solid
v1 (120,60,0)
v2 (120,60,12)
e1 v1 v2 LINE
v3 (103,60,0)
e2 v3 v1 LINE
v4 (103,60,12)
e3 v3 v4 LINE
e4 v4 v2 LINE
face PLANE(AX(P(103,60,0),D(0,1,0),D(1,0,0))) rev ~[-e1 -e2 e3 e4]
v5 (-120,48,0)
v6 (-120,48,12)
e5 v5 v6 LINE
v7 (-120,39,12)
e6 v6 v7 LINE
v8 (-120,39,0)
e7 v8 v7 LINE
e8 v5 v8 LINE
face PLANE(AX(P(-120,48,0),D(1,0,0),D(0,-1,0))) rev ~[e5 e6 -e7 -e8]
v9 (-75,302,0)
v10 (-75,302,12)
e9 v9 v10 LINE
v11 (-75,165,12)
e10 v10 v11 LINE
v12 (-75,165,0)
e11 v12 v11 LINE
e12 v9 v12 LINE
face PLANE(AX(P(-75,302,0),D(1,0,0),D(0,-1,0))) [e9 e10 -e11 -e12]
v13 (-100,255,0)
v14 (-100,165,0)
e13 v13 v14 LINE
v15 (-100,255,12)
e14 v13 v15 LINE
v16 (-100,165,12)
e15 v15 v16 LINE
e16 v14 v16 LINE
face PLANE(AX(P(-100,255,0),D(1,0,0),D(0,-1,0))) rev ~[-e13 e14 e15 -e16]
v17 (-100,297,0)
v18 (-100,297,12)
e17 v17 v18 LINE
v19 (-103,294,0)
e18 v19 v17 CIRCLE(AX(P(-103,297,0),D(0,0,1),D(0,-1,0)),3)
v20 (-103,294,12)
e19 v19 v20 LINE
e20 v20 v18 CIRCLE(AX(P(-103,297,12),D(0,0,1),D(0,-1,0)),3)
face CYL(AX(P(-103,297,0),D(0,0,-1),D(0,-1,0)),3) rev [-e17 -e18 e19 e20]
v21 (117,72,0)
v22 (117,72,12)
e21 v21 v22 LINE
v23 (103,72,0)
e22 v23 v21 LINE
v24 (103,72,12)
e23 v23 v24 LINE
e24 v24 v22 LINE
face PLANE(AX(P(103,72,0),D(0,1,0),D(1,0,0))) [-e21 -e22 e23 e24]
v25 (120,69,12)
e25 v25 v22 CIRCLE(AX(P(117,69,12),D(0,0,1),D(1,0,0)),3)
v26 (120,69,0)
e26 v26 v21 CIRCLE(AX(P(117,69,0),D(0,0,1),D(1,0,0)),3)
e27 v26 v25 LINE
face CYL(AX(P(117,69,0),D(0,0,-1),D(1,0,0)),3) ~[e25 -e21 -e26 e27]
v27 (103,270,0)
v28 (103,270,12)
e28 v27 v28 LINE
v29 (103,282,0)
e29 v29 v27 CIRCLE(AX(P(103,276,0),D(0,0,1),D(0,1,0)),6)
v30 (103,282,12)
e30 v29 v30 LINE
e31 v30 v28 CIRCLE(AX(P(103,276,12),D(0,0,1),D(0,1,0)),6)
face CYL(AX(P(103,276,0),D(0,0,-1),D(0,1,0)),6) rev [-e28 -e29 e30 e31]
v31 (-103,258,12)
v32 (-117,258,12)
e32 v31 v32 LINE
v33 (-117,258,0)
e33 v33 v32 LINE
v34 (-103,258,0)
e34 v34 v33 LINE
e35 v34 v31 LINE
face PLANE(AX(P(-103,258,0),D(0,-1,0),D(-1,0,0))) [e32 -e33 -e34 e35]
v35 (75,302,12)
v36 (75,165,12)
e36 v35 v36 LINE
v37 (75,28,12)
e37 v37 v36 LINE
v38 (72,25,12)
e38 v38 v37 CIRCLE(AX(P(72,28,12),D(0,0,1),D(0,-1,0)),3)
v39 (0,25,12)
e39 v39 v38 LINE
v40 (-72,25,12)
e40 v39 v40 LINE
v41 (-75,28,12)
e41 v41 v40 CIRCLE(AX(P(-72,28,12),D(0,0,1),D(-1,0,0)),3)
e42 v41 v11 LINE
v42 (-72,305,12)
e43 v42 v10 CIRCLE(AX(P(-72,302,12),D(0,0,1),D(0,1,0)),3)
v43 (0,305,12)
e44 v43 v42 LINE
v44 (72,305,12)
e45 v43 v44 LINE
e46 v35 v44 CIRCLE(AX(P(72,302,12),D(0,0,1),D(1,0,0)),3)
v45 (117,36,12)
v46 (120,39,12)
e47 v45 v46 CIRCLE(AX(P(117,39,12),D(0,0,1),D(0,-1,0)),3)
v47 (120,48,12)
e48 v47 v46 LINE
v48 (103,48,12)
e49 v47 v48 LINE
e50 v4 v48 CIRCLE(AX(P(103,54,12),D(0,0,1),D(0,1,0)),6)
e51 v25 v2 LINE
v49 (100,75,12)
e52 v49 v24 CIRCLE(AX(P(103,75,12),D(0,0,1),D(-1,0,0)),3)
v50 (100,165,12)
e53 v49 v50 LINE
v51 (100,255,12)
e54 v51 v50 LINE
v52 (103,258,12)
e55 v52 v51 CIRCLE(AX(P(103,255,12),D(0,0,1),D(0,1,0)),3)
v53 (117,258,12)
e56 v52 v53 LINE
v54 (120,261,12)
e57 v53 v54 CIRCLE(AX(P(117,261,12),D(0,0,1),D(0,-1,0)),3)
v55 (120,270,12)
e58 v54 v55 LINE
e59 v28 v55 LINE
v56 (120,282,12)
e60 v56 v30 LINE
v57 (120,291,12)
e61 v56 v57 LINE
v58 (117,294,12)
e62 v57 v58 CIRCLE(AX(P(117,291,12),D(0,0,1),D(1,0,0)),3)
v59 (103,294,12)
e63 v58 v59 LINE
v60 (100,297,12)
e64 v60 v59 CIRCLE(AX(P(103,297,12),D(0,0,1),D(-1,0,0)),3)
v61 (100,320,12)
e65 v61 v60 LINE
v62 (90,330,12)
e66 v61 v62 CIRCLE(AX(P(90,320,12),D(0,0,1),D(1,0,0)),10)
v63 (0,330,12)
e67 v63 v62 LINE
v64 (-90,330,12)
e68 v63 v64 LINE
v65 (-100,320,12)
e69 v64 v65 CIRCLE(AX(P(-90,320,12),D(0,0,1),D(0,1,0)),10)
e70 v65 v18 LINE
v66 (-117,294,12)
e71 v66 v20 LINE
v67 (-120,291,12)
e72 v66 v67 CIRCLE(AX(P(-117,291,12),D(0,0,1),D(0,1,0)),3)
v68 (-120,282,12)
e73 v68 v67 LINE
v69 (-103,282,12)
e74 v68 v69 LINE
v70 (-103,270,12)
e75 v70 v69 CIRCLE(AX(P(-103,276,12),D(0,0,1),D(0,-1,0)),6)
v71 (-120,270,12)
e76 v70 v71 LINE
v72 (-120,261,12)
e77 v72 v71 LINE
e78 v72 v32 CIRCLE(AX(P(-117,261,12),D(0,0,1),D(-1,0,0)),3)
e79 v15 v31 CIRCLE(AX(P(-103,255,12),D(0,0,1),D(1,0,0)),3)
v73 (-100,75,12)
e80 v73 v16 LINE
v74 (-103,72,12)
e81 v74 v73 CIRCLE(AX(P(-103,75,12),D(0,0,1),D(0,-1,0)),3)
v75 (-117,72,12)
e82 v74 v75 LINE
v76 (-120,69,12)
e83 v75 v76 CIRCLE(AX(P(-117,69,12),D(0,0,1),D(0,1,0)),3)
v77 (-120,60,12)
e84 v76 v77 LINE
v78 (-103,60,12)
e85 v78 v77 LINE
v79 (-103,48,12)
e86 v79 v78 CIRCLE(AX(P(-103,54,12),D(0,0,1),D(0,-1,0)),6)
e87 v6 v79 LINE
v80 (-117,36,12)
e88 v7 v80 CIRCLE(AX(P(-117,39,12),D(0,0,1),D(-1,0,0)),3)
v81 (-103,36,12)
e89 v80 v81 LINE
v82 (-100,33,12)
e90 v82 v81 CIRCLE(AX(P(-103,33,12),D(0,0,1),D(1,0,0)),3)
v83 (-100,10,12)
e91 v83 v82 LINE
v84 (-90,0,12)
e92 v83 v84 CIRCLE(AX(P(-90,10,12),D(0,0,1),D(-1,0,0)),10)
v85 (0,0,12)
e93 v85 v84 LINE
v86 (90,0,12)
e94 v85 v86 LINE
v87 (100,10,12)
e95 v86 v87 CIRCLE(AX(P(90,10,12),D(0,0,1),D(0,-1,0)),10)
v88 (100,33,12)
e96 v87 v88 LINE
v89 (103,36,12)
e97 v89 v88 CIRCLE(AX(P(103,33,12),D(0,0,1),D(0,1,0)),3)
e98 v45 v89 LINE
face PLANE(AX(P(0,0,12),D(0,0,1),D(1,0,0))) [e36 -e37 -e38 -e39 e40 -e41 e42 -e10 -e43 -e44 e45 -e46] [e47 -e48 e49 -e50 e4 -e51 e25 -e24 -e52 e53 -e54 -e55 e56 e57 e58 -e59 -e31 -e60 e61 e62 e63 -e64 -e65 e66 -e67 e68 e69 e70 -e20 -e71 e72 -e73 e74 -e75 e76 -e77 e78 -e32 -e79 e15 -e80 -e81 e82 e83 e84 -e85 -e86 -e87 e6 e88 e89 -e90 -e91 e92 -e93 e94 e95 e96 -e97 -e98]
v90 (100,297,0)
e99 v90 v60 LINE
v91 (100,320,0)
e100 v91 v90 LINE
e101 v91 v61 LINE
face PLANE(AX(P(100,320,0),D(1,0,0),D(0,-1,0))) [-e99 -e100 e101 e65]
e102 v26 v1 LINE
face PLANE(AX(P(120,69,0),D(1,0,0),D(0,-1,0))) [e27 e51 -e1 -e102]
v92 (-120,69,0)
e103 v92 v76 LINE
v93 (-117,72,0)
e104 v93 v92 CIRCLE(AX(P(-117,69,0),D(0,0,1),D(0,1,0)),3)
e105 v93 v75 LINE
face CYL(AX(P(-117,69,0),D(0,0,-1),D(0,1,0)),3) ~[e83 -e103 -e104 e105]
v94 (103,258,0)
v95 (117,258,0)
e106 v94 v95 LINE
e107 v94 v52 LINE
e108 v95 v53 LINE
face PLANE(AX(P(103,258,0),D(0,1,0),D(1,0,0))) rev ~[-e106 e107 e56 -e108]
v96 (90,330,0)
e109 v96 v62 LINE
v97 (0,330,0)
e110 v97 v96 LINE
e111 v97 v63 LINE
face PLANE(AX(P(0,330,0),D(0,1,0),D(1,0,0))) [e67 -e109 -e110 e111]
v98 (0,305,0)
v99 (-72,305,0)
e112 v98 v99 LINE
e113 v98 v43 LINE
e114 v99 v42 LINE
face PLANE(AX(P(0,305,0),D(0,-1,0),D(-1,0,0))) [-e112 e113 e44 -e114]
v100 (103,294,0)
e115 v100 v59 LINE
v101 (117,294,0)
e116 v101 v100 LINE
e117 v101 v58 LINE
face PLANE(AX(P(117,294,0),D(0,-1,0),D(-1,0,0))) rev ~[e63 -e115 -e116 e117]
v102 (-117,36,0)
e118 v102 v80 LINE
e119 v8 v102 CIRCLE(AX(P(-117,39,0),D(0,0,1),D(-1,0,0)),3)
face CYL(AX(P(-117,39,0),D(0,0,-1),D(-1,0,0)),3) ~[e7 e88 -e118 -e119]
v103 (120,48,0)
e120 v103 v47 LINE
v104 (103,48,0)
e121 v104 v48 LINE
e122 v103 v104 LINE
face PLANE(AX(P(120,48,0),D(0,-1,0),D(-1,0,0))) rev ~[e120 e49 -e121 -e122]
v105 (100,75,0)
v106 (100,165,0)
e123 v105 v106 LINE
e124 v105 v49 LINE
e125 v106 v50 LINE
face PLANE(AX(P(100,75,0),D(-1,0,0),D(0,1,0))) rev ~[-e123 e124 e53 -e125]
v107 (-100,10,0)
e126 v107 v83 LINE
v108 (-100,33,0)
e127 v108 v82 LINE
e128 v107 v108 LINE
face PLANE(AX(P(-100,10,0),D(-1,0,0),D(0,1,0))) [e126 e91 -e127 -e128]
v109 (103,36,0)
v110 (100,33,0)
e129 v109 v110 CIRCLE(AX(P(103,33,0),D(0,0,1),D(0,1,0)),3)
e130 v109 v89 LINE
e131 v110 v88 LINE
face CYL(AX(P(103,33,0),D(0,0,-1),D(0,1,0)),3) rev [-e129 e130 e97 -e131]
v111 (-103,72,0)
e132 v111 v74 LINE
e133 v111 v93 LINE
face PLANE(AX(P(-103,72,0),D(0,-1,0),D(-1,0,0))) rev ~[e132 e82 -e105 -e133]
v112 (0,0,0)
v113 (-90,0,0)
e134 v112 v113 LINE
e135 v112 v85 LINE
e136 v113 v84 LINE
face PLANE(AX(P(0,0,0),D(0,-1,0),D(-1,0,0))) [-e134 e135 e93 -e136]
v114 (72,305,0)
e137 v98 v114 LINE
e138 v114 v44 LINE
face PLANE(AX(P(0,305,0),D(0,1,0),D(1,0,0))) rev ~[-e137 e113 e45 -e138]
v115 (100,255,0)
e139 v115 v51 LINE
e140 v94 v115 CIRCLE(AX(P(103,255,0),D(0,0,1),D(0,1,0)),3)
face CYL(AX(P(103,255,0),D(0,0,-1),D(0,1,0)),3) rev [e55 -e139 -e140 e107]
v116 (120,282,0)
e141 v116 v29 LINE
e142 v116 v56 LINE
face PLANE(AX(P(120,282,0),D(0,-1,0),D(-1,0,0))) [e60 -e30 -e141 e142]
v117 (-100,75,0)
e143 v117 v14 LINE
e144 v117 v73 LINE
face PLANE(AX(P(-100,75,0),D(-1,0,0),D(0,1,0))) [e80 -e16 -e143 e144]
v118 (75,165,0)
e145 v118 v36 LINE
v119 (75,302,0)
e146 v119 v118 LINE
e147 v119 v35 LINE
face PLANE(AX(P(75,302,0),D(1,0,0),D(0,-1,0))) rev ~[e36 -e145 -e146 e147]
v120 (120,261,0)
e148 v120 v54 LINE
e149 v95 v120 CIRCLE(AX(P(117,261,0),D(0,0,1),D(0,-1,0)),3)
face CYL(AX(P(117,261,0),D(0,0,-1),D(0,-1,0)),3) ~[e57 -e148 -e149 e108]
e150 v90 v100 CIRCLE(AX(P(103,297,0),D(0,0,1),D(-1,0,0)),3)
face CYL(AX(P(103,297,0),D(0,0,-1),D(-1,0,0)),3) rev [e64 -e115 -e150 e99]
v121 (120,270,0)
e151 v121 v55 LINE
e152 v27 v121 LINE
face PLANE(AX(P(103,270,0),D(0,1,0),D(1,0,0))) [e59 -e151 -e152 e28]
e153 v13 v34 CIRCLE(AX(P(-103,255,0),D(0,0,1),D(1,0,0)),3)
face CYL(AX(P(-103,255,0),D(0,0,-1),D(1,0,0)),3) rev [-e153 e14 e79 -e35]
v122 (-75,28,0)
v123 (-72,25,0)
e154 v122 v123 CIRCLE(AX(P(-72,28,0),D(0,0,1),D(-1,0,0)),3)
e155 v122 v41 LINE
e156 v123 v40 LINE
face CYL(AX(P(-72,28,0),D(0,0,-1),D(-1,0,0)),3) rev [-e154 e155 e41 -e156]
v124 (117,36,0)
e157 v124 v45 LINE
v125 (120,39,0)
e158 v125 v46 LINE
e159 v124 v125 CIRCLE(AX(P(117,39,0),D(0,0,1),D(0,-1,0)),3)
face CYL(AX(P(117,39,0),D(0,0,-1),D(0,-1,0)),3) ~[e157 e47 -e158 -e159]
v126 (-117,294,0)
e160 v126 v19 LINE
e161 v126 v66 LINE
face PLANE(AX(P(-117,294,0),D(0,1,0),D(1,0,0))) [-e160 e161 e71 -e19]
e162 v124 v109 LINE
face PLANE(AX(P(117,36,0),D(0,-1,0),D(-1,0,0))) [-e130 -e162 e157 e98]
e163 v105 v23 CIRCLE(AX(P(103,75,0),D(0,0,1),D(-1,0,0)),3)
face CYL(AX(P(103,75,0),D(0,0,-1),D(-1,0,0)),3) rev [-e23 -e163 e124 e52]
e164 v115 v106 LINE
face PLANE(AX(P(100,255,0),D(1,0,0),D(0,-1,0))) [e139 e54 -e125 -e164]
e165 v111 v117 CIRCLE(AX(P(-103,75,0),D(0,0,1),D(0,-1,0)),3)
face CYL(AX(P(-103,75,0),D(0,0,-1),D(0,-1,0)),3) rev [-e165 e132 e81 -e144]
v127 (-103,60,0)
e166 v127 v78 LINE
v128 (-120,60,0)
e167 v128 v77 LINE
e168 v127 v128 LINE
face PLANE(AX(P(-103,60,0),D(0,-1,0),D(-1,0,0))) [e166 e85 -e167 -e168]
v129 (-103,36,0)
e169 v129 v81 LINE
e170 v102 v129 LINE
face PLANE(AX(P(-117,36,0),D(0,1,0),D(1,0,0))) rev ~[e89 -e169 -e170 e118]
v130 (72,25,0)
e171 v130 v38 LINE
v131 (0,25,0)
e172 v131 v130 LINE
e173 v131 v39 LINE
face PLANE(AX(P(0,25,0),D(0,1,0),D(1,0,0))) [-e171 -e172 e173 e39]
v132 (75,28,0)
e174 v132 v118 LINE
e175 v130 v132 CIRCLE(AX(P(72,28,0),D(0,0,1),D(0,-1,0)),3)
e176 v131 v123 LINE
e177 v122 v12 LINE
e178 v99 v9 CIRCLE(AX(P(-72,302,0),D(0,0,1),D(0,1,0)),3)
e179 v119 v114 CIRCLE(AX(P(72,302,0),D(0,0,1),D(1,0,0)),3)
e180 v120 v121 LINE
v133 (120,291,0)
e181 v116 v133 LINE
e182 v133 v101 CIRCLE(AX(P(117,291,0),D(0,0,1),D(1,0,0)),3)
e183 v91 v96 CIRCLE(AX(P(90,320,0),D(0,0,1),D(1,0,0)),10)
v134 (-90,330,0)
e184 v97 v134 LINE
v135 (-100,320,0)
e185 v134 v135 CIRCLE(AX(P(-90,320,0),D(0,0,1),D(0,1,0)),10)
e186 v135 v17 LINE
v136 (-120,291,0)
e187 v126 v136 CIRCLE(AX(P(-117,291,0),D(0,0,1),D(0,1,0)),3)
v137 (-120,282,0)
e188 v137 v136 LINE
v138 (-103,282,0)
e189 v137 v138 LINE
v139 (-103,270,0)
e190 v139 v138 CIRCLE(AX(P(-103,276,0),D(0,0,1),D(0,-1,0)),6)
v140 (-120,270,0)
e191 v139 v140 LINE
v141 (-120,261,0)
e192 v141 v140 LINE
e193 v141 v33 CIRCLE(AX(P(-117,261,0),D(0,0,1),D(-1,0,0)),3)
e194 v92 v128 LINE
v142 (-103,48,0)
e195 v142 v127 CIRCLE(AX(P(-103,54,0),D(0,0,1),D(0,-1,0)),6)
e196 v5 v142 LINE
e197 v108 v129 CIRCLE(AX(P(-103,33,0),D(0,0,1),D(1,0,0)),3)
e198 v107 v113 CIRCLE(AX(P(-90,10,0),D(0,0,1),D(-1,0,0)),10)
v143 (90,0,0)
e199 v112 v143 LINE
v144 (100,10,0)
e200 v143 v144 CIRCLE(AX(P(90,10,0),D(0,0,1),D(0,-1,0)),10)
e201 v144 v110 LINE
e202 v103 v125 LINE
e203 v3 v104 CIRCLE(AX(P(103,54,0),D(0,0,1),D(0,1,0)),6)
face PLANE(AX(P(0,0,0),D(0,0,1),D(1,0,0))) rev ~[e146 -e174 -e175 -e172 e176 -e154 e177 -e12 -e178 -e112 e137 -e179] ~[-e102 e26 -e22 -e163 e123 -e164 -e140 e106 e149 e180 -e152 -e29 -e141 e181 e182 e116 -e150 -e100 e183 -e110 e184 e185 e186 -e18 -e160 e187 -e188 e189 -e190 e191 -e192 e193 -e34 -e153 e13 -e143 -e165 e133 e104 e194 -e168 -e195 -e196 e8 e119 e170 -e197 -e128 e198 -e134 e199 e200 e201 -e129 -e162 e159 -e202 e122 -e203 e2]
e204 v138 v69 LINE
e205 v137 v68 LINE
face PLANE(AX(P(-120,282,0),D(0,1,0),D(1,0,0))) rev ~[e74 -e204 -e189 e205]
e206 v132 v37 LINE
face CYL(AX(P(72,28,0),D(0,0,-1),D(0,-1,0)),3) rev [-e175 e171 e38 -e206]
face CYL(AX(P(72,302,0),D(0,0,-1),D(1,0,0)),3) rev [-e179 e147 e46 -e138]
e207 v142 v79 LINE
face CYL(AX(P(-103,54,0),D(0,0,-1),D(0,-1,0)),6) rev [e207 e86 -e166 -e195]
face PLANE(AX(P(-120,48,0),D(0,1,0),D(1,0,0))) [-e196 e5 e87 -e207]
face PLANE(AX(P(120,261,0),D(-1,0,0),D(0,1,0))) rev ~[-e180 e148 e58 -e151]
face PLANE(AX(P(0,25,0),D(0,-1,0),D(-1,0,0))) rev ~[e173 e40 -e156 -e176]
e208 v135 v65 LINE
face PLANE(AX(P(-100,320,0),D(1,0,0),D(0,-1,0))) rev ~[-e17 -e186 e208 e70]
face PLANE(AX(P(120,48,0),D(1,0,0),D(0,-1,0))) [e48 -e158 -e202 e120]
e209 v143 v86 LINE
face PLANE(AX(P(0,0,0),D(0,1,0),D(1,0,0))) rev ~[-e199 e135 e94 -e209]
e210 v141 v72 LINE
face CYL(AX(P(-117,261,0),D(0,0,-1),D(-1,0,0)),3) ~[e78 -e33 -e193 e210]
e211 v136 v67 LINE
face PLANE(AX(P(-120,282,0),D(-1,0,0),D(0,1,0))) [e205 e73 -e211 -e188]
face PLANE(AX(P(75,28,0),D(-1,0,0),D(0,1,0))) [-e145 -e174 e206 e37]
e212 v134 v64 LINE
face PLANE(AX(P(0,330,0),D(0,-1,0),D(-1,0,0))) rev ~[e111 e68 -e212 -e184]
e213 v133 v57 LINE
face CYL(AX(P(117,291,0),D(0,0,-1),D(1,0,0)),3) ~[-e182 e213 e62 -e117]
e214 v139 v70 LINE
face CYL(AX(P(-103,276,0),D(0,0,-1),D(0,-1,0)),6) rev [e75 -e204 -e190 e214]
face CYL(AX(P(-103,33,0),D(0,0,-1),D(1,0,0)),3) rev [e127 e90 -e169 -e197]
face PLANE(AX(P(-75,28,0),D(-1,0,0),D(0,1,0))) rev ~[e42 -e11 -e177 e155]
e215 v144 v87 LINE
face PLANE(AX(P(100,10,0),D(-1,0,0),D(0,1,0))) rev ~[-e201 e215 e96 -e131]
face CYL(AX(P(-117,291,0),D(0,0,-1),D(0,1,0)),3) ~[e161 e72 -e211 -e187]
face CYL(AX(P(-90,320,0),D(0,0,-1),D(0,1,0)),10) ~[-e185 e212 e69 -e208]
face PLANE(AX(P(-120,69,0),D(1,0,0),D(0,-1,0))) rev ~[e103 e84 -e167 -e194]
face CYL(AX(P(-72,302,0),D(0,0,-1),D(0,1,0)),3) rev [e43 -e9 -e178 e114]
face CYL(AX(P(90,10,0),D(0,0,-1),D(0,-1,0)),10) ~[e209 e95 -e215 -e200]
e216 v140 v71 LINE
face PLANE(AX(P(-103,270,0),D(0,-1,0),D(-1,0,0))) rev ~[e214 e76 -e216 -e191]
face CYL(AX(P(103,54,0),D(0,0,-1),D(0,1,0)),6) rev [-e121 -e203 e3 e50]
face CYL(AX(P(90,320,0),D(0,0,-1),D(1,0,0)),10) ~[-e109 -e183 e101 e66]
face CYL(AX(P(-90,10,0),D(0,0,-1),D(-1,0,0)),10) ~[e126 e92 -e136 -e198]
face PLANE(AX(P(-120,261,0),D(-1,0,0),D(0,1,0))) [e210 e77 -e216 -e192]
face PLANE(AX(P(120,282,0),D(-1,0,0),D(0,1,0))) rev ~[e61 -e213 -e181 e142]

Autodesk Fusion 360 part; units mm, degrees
sketch "Sketch1" plane through (0, 0, 0) normal (0, 0, 1) x (1, 0, 0)
  line L0 (0, 0) -> (-90, 0)
  line L1 (0, 25) -> (-72, 25)
  line L2 (-75, 28) -> (-75, 165)
  arc A0 (-75, 28) -> (-72, 25) centre (-72, 28) ccw
  arc A1 (-100, 10) -> (-90, 0) centre (-90, 10) ccw
  line L3 (-103, 72) -> (-117, 72)
  line L4 (-120, 69) -> (-120, 39)
  line L5 (-117, 36) -> (-103, 36)
  line L6 (-120, 54) -> (-100, 54) construction
  line L7 (-103, 60) -> (-120, 60)
  line L8 (-120, 60) -> (-120, 48)
  line L9 (-120, 48) -> (-103, 48)
  arc A2 (-103, 48) -> (-103, 60) centre (-103, 54) ccw
  line L10 (-100, 10) -> (-100, 33)
  line L11 (-100, 75) -> (-100, 165)
  arc A3 (-117, 72) -> (-120, 69) centre (-117, 69) ccw
  arc A4 (-120, 39) -> (-117, 36) centre (-117, 39) ccw
  arc A5 (-103, 72) -> (-100, 75) centre (-103, 75) ccw
  arc A6 (-100, 33) -> (-103, 36) centre (-103, 33) ccw
  line L12 (0, 180) -> (0, -75.868) construction
  line L13 (75, 28) -> (75, 165)
  line L14 (103, 72) -> (117, 72)
  line L15 (0, 0) -> (90, 0)
  line L16 (103, 60) -> (120, 60)
  line L17 (120, 60) -> (120, 48)
  line L18 (100, 75) -> (100, 165)
  arc A7 (117, 36) -> (120, 39) centre (117, 39) ccw
  arc A8 (90, 0) -> (100, 10) centre (90, 10) ccw
  line L19 (100, 10) -> (100, 33)
  line L20 (120, 69) -> (120, 39)
  arc A9 (103, 60) -> (103, 48) centre (103, 54) ccw
  arc A10 (120, 69) -> (117, 72) centre (117, 69) ccw
  arc A11 (72, 25) -> (75, 28) centre (72, 28) ccw
  arc A12 (103, 36) -> (100, 33) centre (103, 33) ccw
  line L21 (120, 48) -> (103, 48)
  line L22 (0, 25) -> (72, 25)
  arc A13 (100, 75) -> (103, 72) centre (103, 75) ccw
  line L23 (120, 54) -> (100, 54) construction
  line L24 (117, 36) -> (103, 36)
  line L25 (100, 165) -> (-100, 165) construction
  line L26 (0, 150) -> (0, 405.868) construction
  line L27 (75, 302) -> (75, 165)
  line L28 (103, 258) -> (117, 258)
  line L29 (0, 305) -> (-72, 305)
  line L30 (-103, 270) -> (-120, 270)
  line L31 (120, 276) -> (100, 276) construction
  line L32 (-75, 302) -> (-75, 165)
  line L33 (0, 330) -> (90, 330)
  arc A14 (-103, 270) -> (-103, 282) centre (-103, 276) ccw
  line L34 (-103, 258) -> (-117, 258)
  arc A15 (-103, 294) -> (-100, 297) centre (-103, 297) ccw
  arc A16 (75, 302) -> (72, 305) centre (72, 302) ccw
  line L35 (-100, 320) -> (-100, 297)
  line L36 (-117, 294) -> (-103, 294)
  line L37 (-120, 261) -> (-120, 291)
  arc A17 (100, 320) -> (90, 330) centre (90, 320) ccw
  arc A18 (-72, 305) -> (-75, 302) centre (-72, 302) ccw
  line L38 (117, 294) -> (103, 294)
  arc A19 (117, 258) -> (120, 261) centre (117, 261) ccw
  arc A20 (-120, 261) -> (-117, 258) centre (-117, 261) ccw
  line L39 (120, 270) -> (120, 282)
  arc A21 (103, 282) -> (103, 270) centre (103, 276) ccw
  arc A22 (-90, 330) -> (-100, 320) centre (-90, 320) ccw
  arc A23 (-100, 255) -> (-103, 258) centre (-103, 255) ccw
  line L40 (-120, 270) -> (-120, 282)
  line L41 (120, 282) -> (103, 282)
  arc A24 (120, 291) -> (117, 294) centre (117, 291) ccw
  arc A25 (-117, 294) -> (-120, 291) centre (-117, 291) ccw
  line L42 (-120, 276) -> (-100, 276) construction
  arc A26 (100, 297) -> (103, 294) centre (103, 297) ccw
  line L43 (0, 330) -> (-90, 330)
  line L44 (-120, 282) -> (-103, 282)
  line L45 (100, 320) -> (100, 297)
  arc A27 (103, 258) -> (100, 255) centre (103, 255) ccw
  line L46 (103, 270) -> (120, 270)
  line L47 (120, 261) -> (120, 291)
  line L48 (-100, 255) -> (-100, 165)
  line L49 (100, 255) -> (100, 165)
  line L50 (0, 305) -> (72, 305)
  point P0 (-100, 0)
  point P1 (-75, 25)
  point P2 (-120, 72)
  point P3 (-120, 36)
  point P4 (120, 36)
  point P5 (120, 72)
  point P6 (100, 0)
  point P7 (75, 25)
  point P8 (-75, 305)
  point P9 (0, 330)
  point P10 (120, 258)
  point P11 (120, 294)
  point P12 (75, 305)
  point P13 (-100, 330)
  point P14 (-120, 294)
  point P15 (-120, 258)
  point P16 (100, 330)
  dimension "d16" = 100
  dimension "d17" = 165
  dimension "d18" = 25
  dimension "d19" = 25
  dimension "d20" = 140
  dimension "d21" = 3
  dimension "d22" = 10
  dimension "d23" = 12
  dimension "d24" = 3
  dimension "d25" = 36
  dimension "d28" = 3
  dimension "d29" = 3
  dimension "d30" = 3
  dimension "d31" = 54
  dimension "d32" = 36
extrude "Extrude1" add sketch "Sketch1" along normal blind 12 contours L0 A1 L3 L4 L5 L7 L9 A2 L10 L11 A3 A4 A5 A6 L14 L15 L16 L18 A7 A8 L19 L20 A9 A10 A12 L21 A13 L24 L28 L30 L33 A14 L34 A15 L35 L36 L37 A17 L38 A19 A20 A21 A22 A23 L41 A24 A25 A26 L43 L44 L45 A27 L46 L47 L48 L49
equation "width = 200 mm"
equation "length = 330 mm"
equation "outer_corner_radius = 10 mm"
equation "inner_corner_radius = 3 mm"
equation "edge_width = 25 mm"
equation "thickness = 12 mm"
equation "notch_diameter = 12 mm"
equation "notch_ear_extension = 20 mm"
equation "notch_ear_width = 12 mm"
equation "notch_inset = 3 mm"
equation "notch_to_edge_distance = 54 mm"
equation "d16 = width / 2"
equation "d17 = length / 2"
equation "d18 = edge_width"
equation "d19 = edge_width"
equation "d20 = ( length / 2 ) - ( edge_width )"
equation "d21 = inner_corner_radius"
equation "d22 = outer_corner_radius"
equation "d23 = notch_diameter"
equation "d24 = notch_inset"
equation "d25 = notch_diameter + ( notch_ear_width * 2 )"
equation "notch_ear_corner_radius = 3 mm"
equation "d28 = notch_ear_corner_radius"
equation "d29 = notch_ear_corner_radius"
equation "d30 = notch_ear_corner_radius"
equation "d31 = notch_to_edge_distance"
equation "d32 = notch_to_edge_distance - ( notch_diameter / 2 ) - notch_ear_width"
equation "d33 = thickness"
